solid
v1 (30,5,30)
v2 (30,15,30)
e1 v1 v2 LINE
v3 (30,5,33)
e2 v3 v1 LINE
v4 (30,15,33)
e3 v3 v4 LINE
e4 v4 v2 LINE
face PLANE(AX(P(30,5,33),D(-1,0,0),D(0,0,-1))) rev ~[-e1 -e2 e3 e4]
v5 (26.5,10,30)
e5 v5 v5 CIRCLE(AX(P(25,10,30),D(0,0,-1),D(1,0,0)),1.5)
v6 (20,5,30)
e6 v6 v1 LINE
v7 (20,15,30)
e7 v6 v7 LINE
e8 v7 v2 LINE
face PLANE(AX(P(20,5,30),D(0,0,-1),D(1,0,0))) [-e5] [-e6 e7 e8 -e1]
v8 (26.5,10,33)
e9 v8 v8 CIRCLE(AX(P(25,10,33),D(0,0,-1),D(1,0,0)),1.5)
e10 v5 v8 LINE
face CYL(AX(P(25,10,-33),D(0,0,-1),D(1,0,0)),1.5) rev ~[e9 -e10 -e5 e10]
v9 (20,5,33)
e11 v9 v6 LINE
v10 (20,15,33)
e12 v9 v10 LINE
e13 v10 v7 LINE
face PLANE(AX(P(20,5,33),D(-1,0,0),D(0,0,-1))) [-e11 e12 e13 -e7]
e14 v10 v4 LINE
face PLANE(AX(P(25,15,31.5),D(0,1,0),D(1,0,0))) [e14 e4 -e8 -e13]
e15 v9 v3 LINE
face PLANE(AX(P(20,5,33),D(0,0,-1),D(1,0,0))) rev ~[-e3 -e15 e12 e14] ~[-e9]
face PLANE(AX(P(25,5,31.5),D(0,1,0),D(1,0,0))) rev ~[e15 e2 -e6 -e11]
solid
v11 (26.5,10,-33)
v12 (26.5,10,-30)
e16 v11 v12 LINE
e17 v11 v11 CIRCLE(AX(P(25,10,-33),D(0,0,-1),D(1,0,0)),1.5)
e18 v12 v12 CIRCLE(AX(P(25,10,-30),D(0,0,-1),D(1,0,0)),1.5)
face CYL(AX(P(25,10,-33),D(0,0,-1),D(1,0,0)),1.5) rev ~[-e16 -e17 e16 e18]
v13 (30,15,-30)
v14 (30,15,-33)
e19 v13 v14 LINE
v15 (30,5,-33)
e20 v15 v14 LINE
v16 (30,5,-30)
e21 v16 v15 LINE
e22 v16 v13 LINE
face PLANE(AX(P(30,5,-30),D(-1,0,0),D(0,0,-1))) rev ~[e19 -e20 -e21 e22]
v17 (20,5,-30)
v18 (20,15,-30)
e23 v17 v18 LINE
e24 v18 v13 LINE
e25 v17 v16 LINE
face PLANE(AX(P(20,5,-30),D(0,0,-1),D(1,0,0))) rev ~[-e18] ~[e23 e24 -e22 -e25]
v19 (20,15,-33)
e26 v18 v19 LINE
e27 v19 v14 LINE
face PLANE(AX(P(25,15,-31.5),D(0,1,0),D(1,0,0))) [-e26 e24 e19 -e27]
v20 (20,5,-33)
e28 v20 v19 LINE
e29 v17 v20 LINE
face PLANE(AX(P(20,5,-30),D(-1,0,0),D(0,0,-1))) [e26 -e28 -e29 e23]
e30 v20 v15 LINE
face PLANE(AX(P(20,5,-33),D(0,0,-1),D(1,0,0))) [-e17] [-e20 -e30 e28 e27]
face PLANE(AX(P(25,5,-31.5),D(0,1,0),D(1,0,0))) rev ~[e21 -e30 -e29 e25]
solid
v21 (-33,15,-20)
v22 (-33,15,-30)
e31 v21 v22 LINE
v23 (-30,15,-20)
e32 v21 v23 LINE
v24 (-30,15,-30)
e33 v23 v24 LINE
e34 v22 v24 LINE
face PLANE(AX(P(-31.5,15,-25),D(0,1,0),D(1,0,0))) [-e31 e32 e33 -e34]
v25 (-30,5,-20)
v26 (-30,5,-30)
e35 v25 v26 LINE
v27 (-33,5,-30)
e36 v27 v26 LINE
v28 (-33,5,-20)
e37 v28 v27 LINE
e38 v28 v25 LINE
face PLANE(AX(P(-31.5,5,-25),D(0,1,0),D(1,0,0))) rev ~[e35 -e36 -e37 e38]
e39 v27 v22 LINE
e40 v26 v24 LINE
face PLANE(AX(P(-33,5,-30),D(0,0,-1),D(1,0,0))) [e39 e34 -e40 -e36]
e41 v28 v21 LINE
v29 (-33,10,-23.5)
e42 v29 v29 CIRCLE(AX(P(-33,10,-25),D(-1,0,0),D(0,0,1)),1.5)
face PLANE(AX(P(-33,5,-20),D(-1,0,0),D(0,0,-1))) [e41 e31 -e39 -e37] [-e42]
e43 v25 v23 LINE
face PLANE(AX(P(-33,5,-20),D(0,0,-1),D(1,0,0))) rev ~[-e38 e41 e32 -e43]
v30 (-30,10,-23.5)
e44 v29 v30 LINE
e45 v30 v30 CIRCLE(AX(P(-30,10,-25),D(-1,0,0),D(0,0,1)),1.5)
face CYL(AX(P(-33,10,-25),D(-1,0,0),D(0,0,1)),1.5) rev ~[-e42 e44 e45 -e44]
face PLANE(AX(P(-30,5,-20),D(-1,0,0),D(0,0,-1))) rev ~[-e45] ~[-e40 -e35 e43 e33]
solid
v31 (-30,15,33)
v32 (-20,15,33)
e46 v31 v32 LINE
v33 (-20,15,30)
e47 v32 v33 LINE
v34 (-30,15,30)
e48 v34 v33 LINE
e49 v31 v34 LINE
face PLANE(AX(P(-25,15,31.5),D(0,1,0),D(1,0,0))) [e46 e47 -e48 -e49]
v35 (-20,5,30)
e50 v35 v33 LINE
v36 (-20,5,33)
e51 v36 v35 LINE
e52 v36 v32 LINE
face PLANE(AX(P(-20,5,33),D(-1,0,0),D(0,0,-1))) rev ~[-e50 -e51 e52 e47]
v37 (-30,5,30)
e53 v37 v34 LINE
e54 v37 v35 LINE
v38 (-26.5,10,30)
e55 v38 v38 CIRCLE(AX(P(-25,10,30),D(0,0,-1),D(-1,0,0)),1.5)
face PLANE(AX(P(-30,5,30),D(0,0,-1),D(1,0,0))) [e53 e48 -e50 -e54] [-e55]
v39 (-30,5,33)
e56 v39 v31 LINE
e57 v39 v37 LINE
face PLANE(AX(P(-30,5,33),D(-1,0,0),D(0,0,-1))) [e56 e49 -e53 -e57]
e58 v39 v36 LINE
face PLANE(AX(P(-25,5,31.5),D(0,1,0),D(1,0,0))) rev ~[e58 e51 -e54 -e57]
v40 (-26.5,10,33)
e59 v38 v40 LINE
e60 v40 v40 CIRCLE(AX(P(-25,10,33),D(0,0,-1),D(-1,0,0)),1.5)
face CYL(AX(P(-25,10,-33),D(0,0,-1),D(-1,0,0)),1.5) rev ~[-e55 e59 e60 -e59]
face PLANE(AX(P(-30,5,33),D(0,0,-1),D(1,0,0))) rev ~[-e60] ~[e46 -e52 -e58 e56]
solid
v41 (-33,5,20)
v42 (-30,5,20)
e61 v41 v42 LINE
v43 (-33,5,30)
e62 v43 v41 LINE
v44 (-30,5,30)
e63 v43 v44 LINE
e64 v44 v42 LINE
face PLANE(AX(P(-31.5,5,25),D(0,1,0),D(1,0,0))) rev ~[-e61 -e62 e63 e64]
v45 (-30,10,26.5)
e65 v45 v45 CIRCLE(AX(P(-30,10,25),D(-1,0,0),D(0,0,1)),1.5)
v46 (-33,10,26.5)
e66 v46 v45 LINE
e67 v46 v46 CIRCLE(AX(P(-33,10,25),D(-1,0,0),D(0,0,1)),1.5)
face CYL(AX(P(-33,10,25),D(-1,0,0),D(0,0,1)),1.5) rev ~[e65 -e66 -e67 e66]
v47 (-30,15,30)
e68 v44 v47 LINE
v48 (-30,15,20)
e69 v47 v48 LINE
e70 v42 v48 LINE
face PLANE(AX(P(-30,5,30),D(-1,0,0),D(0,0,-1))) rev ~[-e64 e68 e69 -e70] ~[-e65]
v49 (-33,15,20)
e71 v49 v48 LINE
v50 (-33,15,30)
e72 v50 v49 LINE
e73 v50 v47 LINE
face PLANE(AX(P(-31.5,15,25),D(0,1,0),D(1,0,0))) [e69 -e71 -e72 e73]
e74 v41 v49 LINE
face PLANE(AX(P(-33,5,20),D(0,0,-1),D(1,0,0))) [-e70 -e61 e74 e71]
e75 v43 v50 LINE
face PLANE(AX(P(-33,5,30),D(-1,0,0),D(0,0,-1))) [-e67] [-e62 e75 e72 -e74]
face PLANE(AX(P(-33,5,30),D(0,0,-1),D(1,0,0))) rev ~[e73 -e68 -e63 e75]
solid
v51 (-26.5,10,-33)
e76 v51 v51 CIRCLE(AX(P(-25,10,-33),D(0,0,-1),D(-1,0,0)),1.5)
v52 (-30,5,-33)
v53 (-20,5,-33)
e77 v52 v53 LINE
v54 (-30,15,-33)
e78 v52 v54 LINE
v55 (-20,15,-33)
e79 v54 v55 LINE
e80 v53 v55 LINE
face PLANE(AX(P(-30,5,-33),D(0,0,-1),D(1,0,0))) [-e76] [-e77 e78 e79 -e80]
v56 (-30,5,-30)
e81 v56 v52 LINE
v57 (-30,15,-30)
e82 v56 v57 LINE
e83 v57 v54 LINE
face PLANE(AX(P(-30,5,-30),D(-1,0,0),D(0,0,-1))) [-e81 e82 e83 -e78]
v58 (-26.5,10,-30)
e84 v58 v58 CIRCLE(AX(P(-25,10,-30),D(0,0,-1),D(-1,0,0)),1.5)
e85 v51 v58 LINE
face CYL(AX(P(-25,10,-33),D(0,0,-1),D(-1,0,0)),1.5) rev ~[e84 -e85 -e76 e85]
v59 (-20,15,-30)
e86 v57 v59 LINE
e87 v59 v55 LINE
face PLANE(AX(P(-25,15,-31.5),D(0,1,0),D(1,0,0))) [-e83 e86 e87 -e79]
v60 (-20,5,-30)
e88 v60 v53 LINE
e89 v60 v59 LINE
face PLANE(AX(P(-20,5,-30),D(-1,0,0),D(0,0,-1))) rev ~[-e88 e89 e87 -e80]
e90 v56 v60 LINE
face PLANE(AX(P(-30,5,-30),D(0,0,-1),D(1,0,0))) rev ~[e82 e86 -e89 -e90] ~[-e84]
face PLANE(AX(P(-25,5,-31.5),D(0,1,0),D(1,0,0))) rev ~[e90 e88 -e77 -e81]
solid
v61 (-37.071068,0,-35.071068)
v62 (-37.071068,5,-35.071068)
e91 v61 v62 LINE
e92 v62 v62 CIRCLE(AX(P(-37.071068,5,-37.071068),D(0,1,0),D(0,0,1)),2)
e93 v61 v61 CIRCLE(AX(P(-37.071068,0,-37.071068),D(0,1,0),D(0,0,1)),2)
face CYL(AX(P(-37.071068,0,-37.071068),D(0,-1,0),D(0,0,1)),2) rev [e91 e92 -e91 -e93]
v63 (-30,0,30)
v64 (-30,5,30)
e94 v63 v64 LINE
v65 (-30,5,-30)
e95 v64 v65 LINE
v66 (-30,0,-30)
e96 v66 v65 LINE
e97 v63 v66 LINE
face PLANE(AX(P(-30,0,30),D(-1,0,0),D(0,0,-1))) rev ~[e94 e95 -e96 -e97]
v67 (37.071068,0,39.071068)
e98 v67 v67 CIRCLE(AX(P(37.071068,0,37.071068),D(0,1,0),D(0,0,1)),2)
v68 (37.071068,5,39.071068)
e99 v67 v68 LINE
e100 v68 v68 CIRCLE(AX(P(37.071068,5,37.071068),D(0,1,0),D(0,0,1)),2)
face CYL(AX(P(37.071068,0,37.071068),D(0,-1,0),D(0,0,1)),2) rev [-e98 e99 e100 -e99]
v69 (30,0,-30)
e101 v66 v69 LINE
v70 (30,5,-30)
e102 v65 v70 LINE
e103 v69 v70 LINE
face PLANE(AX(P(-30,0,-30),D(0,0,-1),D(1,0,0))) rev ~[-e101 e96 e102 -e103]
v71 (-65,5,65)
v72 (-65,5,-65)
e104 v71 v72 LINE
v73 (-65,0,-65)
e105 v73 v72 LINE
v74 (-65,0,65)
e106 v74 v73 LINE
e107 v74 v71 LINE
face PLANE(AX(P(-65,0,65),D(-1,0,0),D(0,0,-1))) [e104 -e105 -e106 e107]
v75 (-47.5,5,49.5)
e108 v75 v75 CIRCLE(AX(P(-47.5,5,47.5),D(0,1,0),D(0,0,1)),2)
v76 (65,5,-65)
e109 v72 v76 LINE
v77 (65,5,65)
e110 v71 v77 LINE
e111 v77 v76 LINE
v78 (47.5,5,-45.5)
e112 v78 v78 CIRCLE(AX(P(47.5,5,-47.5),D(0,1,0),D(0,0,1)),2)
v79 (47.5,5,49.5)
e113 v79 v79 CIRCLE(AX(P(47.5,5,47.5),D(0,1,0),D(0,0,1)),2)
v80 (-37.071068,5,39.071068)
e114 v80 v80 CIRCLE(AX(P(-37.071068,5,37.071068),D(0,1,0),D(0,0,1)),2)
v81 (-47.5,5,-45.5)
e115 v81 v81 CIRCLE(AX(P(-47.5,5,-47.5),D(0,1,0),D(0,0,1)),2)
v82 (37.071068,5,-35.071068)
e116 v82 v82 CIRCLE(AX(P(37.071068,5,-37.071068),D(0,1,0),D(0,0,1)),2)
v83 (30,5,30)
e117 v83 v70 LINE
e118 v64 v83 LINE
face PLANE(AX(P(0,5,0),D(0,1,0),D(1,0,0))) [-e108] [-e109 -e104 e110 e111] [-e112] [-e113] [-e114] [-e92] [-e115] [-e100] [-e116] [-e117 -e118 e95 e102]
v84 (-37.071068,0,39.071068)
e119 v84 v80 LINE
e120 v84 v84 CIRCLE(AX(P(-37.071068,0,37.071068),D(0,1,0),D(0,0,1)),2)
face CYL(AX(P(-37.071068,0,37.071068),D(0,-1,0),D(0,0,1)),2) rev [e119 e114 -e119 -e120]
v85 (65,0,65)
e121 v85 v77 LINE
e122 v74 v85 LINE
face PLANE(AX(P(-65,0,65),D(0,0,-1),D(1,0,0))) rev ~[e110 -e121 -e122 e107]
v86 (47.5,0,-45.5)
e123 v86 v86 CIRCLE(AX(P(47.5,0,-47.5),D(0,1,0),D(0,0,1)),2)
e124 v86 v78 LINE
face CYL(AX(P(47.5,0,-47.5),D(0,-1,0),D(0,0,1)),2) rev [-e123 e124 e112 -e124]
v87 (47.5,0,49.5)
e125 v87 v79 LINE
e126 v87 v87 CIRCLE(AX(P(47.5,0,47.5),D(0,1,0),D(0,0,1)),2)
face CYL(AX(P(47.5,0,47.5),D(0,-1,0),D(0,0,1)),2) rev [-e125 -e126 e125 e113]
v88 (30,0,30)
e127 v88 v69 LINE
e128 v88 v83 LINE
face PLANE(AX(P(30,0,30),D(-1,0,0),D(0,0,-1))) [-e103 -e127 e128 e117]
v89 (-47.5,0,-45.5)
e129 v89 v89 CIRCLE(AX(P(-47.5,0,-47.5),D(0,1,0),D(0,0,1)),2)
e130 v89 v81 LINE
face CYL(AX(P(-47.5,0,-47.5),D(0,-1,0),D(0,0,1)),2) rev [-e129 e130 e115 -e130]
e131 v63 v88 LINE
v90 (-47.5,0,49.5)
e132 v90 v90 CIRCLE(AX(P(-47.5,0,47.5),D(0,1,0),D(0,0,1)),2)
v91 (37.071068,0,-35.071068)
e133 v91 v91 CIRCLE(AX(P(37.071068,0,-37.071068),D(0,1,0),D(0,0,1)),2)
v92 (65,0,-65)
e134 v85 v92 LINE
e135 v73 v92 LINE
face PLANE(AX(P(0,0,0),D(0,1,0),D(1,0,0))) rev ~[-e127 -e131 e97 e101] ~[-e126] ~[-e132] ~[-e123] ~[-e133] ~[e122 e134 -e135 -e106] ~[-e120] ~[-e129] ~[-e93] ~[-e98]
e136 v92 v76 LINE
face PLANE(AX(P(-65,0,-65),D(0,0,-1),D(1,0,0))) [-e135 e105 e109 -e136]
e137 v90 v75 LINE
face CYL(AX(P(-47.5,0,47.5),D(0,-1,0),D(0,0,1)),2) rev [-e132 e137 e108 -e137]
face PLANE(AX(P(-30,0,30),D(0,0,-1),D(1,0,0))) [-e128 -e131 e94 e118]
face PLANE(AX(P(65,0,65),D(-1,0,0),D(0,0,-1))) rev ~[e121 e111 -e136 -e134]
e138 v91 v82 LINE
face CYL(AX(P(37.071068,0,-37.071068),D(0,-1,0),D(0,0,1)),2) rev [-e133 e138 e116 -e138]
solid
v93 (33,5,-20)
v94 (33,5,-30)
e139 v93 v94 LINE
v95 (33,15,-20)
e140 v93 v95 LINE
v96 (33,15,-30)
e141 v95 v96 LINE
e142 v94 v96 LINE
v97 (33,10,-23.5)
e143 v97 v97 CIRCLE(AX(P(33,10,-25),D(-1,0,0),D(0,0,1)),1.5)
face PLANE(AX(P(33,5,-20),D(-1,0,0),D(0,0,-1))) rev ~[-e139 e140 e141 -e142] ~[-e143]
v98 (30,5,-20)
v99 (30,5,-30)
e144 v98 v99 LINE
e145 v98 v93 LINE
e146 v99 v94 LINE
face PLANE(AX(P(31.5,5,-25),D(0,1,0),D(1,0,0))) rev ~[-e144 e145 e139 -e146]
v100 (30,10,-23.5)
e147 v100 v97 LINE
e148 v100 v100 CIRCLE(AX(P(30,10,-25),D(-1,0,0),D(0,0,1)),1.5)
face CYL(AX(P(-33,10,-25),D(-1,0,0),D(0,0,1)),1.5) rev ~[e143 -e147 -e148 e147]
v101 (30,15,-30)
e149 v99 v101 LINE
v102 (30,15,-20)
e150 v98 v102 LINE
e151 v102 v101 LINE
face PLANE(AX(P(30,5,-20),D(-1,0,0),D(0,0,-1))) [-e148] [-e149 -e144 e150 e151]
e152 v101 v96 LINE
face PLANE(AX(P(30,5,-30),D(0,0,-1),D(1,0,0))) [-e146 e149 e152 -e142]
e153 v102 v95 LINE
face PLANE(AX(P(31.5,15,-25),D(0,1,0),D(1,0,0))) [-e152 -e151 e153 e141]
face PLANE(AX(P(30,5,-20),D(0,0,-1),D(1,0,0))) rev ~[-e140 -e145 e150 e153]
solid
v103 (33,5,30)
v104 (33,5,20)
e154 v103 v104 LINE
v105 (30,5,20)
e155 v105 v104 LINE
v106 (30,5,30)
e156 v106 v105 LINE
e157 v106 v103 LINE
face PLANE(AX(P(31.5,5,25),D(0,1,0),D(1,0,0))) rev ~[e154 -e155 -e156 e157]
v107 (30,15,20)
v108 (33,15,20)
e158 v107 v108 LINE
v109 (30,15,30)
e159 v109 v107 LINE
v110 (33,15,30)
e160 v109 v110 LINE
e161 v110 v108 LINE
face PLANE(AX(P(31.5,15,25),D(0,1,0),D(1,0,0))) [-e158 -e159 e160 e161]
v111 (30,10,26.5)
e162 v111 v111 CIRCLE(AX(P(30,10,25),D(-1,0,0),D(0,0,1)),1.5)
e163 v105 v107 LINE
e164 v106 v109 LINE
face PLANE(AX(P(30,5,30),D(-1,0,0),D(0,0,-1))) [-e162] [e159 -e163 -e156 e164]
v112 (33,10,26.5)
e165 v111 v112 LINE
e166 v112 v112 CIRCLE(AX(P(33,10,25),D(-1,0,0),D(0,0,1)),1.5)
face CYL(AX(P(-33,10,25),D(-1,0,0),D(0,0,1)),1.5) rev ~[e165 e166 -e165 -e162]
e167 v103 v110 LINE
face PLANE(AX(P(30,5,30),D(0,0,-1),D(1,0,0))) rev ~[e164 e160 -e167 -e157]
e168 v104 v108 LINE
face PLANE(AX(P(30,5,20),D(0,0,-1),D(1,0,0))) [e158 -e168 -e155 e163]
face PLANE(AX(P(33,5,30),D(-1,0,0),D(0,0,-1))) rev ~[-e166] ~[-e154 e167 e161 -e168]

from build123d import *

# Parameters (mm, degrees)
SKETCH1_W              = 130
SKETCH1_H              = 130
SKETCH1_R              = 2
SKETCH1_W_2            = 60
SKETCH1_H_2            = 60
BOSS_EXTRUDE1_DEPTH    = 5
SKETCH2_W              = 3
SKETCH2_H              = 10
BOSS_EXTRUDE10_DEPTH   = 10
SKETCH2_W_2            = 10
SKETCH2_H_2            = 3
BOSS_EXTRUDE10_2_DEPTH = 10
BOSS_EXTRUDE10_3_DEPTH = 10
BOSS_EXTRUDE10_4_DEPTH = 10
BOSS_EXTRUDE10_5_DEPTH = 10
BOSS_EXTRUDE10_6_DEPTH = 10
BOSS_EXTRUDE10_7_DEPTH = 10
BOSS_EXTRUDE10_8_DEPTH = 10
SKETCH4_R              = 1.5
CUT_EXTRUDE1_DEPTH     = 82
SKETCH5_R              = 1.5
CUT_EXTRUDE2_DEPTH     = 82


with BuildPart() as part:
    # Sketch1 → Boss-Extrude1 (new body)
    with BuildSketch(Plane(origin=(0, 0, 0), x_dir=(1, 0, 0), z_dir=(0, 1, 0))):
        Rectangle(SKETCH1_W, SKETCH1_H)
        with Locations(Location((-47.5, 47.5, 0), (0, 0, 270))):
            Circle(SKETCH1_R, mode=Mode.SUBTRACT)
        with Locations(Location((-47.5, -47.5, 0), (0, 0, 270))):
            Circle(SKETCH1_R, mode=Mode.SUBTRACT)
        with Locations(Location((47.5, -47.5, 0), (0, 0, 270))):
            Circle(SKETCH1_R, mode=Mode.SUBTRACT)
        with Locations(Location((47.5, 47.5, 0), (0, 0, 270))):
            Circle(SKETCH1_R, mode=Mode.SUBTRACT)
        with Locations(Location((37.071067812, -37.071067812, 0), (0, 0, 270))):
            Circle(SKETCH1_R, mode=Mode.SUBTRACT)
        with Locations(Location((-37.071067812, -37.071067812, 0), (0, 0, 270))):
            Circle(SKETCH1_R, mode=Mode.SUBTRACT)
        with Locations(Location((-37.071067812, 37.071067812, 0), (0, 0, 270))):
            Circle(SKETCH1_R, mode=Mode.SUBTRACT)
        with Locations(Location((37.071067812, 37.071067812, 0), (0, 0, 270))):
            Circle(SKETCH1_R, mode=Mode.SUBTRACT)
        Rectangle(SKETCH1_W_2, SKETCH1_H_2, mode=Mode.SUBTRACT)
    extrude(amount=BOSS_EXTRUDE1_DEPTH)


with BuildPart() as body_2:
    # Sketch2 → Boss-Extrude10 (new body)
    with BuildSketch(Plane(origin=(0, 5, 0), x_dir=(1, 0, 0), z_dir=(0, 1, 0))):
        with Locations((-31.5, 25)):
            Rectangle(SKETCH2_W, SKETCH2_H)
    extrude(amount=BOSS_EXTRUDE10_DEPTH)


with BuildPart() as body_3:
    # Sketch2 → Boss-Extrude10 2 (new body)
    with BuildSketch(Plane(origin=(0, 5, 0), x_dir=(1, 0, 0), z_dir=(0, 1, 0))):
        with Locations((-25, 31.5)):
            Rectangle(SKETCH2_W_2, SKETCH2_H_2)
    extrude(amount=BOSS_EXTRUDE10_2_DEPTH)


with BuildPart() as body_4:
    # Sketch2 → Boss-Extrude10 3 (new body)
    with BuildSketch(Plane(origin=(0, 5, 0), x_dir=(1, 0, 0), z_dir=(0, 1, 0))):
        with Locations((25, 31.5)):
            Rectangle(SKETCH2_W_2, SKETCH2_H_2)
    extrude(amount=BOSS_EXTRUDE10_3_DEPTH)


with BuildPart() as body_5:
    # Sketch2 → Boss-Extrude10 4 (new body)
    with BuildSketch(Plane(origin=(0, 5, 0), x_dir=(1, 0, 0), z_dir=(0, 1, 0))):
        with Locations((25, -31.5)):
            Rectangle(SKETCH2_W_2, SKETCH2_H_2)
    extrude(amount=BOSS_EXTRUDE10_4_DEPTH)


with BuildPart() as body_6:
    # Sketch2 → Boss-Extrude10 5 (new body)
    with BuildSketch(Plane(origin=(0, 5, 0), x_dir=(1, 0, 0), z_dir=(0, 1, 0))):
        with Locations((31.5, 25)):
            Rectangle(SKETCH2_W, SKETCH2_H)
    extrude(amount=BOSS_EXTRUDE10_5_DEPTH)


with BuildPart() as body_7:
    # Sketch2 → Boss-Extrude10 6 (new body)
    with BuildSketch(Plane(origin=(0, 5, 0), x_dir=(1, 0, 0), z_dir=(0, 1, 0))):
        with Locations((-25, -31.5)):
            Rectangle(SKETCH2_W_2, SKETCH2_H_2)
    extrude(amount=BOSS_EXTRUDE10_6_DEPTH)


with BuildPart() as body_8:
    # Sketch2 → Boss-Extrude10 7 (new body)
    with BuildSketch(Plane(origin=(0, 5, 0), x_dir=(1, 0, 0), z_dir=(0, 1, 0))):
        with Locations((-31.5, -25)):
            Rectangle(SKETCH2_W, SKETCH2_H)
    extrude(amount=BOSS_EXTRUDE10_7_DEPTH)


with BuildPart() as body_9:
    # Sketch2 → Boss-Extrude10 8 (new body)
    with BuildSketch(Plane(origin=(0, 5, 0), x_dir=(1, 0, 0), z_dir=(0, 1, 0))):
        with Locations((31.5, -25)):
            Rectangle(SKETCH2_W, SKETCH2_H)
    extrude(amount=BOSS_EXTRUDE10_8_DEPTH)


with BuildPart() as cut_extrude1_tool:
    # Sketch4 → Cut-Extrude1 (new body)
    with BuildSketch(Plane.ZY.offset(33)):
        with Locations((-25, 10)):
            Circle(SKETCH4_R)
        with Locations((25, 10)):
            Circle(SKETCH4_R)
    extrude(amount=-CUT_EXTRUDE1_DEPTH)


with BuildPart() as body_2_1:
    add(body_2.part)

    # Cut-Extrude1: cut by cut_extrude1_tool
    add(cut_extrude1_tool.part, mode=Mode.SUBTRACT)


with BuildPart() as body_6_1:
    add(body_6.part)

    # Cut-Extrude1: cut by cut_extrude1_tool
    add(cut_extrude1_tool.part, mode=Mode.SUBTRACT)


with BuildPart() as body_8_1:
    add(body_8.part)

    # Cut-Extrude1: cut by cut_extrude1_tool
    add(cut_extrude1_tool.part, mode=Mode.SUBTRACT)


with BuildPart() as body_9_1:
    add(body_9.part)

    # Cut-Extrude1: cut by cut_extrude1_tool
    add(cut_extrude1_tool.part, mode=Mode.SUBTRACT)


with BuildPart() as cut_extrude2_tool:
    # Sketch5 → Cut-Extrude2 (new body)
    with BuildSketch(Plane(origin=(0, 0, -33), x_dir=(-1, 0, 0), z_dir=(0, 0, -1))):
        with Locations(Location((-25, 10, 0), (0, 0, 180))):
            Circle(SKETCH5_R)
        with Locations((25, 10)):
            Circle(SKETCH5_R)
    extrude(amount=-CUT_EXTRUDE2_DEPTH)


with BuildPart() as body_3_1:
    add(body_3.part)

    # Cut-Extrude2: cut by cut_extrude2_tool
    add(cut_extrude2_tool.part, mode=Mode.SUBTRACT)


with BuildPart() as body_4_1:
    add(body_4.part)

    # Cut-Extrude2: cut by cut_extrude2_tool
    add(cut_extrude2_tool.part, mode=Mode.SUBTRACT)


with BuildPart() as body_5_1:
    add(body_5.part)

    # Cut-Extrude2: cut by cut_extrude2_tool
    add(cut_extrude2_tool.part, mode=Mode.SUBTRACT)


with BuildPart() as body_7_1:
    add(body_7.part)

    # Cut-Extrude2: cut by cut_extrude2_tool
    add(cut_extrude2_tool.part, mode=Mode.SUBTRACT)


solid = Compound([part.part, body_2_1.part, body_6_1.part, body_8_1.part, body_9_1.part, body_3_1.part, body_4_1.part, body_5_1.part, body_7_1.part])
